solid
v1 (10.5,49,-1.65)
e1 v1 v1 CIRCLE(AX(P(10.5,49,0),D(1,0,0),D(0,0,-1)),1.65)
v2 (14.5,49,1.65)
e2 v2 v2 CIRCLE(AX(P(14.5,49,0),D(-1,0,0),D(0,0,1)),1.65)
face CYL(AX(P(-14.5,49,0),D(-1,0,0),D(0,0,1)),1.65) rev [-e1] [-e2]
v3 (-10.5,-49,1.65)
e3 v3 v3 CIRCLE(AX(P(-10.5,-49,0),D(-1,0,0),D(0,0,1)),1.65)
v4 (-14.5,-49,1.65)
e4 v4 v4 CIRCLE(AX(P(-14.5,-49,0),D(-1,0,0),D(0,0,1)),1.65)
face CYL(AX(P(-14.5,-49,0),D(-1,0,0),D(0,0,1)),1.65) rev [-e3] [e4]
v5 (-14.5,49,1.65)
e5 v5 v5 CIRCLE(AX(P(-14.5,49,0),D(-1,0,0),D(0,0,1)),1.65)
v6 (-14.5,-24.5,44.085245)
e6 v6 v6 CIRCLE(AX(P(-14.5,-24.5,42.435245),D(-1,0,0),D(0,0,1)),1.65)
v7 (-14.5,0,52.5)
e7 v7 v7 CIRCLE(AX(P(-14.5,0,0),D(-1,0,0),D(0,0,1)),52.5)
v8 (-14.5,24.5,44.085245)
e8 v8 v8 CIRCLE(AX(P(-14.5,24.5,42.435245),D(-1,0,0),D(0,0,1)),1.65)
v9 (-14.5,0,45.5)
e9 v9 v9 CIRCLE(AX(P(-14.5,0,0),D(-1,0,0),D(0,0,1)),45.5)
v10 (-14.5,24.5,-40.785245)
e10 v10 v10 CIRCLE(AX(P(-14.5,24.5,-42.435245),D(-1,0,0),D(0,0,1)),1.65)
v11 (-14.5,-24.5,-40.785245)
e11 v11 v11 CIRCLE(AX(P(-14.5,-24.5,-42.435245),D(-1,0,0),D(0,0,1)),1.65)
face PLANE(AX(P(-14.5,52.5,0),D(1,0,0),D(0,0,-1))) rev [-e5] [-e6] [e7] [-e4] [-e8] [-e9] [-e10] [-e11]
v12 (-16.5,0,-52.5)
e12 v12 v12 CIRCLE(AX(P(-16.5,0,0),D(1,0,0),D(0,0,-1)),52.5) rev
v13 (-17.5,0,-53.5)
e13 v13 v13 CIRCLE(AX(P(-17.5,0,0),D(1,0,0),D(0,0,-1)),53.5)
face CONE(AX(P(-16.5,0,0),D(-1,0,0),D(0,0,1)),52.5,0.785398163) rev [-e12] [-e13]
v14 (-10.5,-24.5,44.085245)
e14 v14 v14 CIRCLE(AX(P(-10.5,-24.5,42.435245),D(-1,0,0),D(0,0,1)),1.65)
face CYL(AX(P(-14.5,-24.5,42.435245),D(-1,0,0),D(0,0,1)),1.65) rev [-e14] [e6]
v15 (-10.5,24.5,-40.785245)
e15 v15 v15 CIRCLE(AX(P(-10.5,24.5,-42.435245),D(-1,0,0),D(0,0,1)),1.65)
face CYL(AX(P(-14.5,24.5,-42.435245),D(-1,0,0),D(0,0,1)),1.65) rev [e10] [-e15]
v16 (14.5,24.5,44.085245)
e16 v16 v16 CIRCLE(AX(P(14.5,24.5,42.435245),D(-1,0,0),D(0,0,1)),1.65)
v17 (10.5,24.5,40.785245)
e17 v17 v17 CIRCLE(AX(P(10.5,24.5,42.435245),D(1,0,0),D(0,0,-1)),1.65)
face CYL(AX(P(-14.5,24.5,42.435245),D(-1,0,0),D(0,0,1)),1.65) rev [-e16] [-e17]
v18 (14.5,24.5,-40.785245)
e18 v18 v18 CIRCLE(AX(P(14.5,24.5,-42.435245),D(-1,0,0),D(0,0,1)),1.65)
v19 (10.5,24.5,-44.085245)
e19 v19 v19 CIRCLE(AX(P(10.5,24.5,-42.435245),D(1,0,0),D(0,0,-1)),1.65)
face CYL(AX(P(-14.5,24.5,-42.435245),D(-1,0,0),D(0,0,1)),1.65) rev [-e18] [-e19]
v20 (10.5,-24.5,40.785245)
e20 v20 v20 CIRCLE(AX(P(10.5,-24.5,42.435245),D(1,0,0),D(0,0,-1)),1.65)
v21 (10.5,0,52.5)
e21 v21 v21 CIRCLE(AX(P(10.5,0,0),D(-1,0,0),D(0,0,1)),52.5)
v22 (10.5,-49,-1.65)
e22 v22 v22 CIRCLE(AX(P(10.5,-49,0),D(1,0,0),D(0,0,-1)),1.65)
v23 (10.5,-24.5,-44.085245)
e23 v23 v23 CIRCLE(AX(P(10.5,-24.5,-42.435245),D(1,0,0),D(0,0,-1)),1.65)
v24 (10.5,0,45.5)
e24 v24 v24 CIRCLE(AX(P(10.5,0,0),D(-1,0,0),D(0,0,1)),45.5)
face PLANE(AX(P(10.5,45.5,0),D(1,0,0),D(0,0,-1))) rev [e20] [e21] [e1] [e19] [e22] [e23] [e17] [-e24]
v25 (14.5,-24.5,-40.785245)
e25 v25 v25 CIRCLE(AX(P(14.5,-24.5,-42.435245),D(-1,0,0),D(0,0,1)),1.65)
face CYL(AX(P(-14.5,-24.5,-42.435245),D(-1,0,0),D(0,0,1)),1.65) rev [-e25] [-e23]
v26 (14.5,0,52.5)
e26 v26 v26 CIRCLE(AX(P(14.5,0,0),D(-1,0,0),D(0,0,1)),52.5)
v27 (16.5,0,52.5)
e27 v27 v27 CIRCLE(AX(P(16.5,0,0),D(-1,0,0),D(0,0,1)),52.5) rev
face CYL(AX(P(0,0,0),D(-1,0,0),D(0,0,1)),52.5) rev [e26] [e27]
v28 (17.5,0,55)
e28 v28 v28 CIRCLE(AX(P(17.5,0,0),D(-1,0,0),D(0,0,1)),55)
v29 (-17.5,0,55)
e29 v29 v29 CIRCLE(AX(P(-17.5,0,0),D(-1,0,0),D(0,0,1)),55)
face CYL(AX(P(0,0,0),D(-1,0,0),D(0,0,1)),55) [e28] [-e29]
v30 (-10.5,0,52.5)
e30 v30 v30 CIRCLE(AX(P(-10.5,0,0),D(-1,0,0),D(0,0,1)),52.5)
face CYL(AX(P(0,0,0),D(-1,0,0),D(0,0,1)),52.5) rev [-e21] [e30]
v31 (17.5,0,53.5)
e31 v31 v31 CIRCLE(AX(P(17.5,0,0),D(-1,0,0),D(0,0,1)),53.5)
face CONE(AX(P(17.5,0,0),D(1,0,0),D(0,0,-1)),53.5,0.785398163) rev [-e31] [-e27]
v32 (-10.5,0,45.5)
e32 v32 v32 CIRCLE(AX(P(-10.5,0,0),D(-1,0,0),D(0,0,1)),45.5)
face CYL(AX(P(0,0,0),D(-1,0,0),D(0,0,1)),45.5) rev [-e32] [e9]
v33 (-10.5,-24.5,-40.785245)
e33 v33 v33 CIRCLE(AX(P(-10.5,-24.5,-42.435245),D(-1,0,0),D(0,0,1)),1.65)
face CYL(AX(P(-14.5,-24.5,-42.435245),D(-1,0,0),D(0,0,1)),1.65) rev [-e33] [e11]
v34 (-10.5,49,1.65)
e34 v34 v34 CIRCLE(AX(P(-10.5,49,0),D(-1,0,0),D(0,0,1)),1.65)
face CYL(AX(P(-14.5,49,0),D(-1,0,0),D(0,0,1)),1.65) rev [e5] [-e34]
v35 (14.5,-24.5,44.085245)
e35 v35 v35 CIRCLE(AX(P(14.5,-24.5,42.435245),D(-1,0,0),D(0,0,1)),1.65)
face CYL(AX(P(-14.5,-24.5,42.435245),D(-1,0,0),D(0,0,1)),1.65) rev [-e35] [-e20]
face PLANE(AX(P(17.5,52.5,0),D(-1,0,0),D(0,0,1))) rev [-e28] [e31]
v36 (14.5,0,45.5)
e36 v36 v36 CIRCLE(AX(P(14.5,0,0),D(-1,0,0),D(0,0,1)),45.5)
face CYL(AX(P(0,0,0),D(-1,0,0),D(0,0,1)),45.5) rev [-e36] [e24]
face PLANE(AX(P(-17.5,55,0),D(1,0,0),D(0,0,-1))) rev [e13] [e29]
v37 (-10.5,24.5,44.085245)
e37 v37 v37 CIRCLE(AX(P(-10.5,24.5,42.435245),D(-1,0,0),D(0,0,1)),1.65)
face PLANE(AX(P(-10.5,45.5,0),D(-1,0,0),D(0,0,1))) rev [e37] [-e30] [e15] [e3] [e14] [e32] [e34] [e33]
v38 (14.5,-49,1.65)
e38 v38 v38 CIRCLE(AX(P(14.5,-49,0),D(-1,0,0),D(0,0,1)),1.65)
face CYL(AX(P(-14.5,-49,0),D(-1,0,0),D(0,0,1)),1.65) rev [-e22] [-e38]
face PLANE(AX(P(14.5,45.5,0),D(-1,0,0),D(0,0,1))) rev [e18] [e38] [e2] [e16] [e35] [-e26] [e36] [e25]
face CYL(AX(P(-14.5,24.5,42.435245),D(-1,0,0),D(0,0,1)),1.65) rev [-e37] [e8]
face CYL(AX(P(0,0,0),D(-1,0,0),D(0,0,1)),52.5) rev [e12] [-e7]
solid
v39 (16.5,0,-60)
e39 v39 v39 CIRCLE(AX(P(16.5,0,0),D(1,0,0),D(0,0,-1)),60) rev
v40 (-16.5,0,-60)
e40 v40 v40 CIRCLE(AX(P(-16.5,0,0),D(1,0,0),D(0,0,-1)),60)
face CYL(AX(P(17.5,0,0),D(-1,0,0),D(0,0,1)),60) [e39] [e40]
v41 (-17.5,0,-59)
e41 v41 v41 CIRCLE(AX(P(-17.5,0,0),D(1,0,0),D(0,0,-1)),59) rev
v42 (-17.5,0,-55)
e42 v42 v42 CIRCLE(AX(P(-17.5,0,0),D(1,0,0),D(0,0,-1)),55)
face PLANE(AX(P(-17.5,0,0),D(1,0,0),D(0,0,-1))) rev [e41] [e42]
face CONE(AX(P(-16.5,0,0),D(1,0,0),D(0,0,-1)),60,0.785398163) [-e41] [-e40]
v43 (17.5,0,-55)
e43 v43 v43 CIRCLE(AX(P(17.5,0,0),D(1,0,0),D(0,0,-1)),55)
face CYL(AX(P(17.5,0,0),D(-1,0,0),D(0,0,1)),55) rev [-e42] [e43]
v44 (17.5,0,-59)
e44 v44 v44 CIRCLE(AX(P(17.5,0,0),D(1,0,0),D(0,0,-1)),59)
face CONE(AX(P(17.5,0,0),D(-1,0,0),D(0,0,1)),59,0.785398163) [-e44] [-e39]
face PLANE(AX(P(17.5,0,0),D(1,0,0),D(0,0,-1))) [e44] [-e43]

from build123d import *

# Parameters (mm, degrees)
SKETCH_1_R                  = 60
SKETCH_1_R_2                = 55
EXTRUDE_1_DEPTH             = 17.5
SKETCH_5_W                  = 1.65
SKETCH_5_H                  = 32
HOLE_WIZARD_M4_1_AT_2_COUNT = 2
HOLE_WIZARD_M4_1_AT_2_PITCH = 49
HOLE_WIZARD_M4_1_AT_3_COUNT = 2
HOLE_WIZARD_M4_1_AT_3_PITCH = 84.870489571
HOLE_WIZARD_M4_1_AT_4_COUNT = 2
HOLE_WIZARD_M4_1_AT_4_PITCH = 98
HOLE_WIZARD_M4_1_AT_5_COUNT = 2
HOLE_WIZARD_M4_1_AT_5_PITCH = 84.870489571
HOLE_WIZARD_M4_1_AT_6_COUNT = 2
HOLE_WIZARD_M4_1_AT_6_PITCH = 49
CHAMFER_1_SIZE              = 1
CHAMFER_2_SIZE              = 1


with BuildPart() as part:
    # 草图1 → 凸台-拉伸1 (new, symmetric)
    with BuildSketch(Plane(origin=(0, 0, 0), x_dir=(0, 0, -1), z_dir=(1, 0, 0))):
        Circle(SKETCH_1_R)
        Circle(SKETCH_1_R_2, mode=Mode.SUBTRACT)
    extrude(amount=EXTRUDE_1_DEPTH, both=True)

    # 倒角1
    chamfer_1_edges = [part.edges().sort_by_distance(p)[0] for p in [
        (-17.5, 0, 60),
        (17.5, 0, 60),
    ]]
    chamfer(chamfer_1_edges, length=CHAMFER_1_SIZE)


with BuildPart() as body_2:
    # 草图2 → 旋转1 (revolve)
    with BuildSketch(Plane.XY, mode=Mode.PRIVATE) as revolve_1_sk:
        Polygon((17.5, 55), (-17.5, 55), (-17.5, 52.5), (-14.5, 52.5), (-14.5, 45.5), (-10.5, 45.5), (-10.5, 52.5), (10.5, 52.5), (10.5, 45.5), (14.5, 45.5), (14.5, 52.5), (17.5, 52.5), align=None)
    revolve(revolve_1_sk.sketch.rotate(Axis((0, 0, 0), (1, 0, 0)), 90), axis=Axis((0, 0, 0), (1, 0, 0)))

    # 草图5 → M4 螺纹孔1 (revolve, cut)
    with BuildSketch(Plane(origin=(-14.5, 49, 0), x_dir=(0, 0, 1), z_dir=(0, 1, 0))):
        with Locations((0.825, 16)):
            Rectangle(SKETCH_5_W, SKETCH_5_H)
    hole_wizard_m4_1 = revolve(axis=Axis((-20.85, 49, 0), (1, 0, 0)), mode=Mode.SUBTRACT)

    # M4 螺纹孔1 at 2: M4 螺纹孔1 ×2
    with Locations(*[Vector(0, -0.49999999999999994, 0.8660254037844387) * (i * HOLE_WIZARD_M4_1_AT_2_PITCH) for i in range(1, HOLE_WIZARD_M4_1_AT_2_COUNT)]):
        add(hole_wizard_m4_1, mode=Mode.SUBTRACT)

    # M4 螺纹孔1 at 3: M4 螺纹孔1 ×2
    with Locations(*[Vector(0, -0.8660254037844386, 0.5000000000000001) * (i * HOLE_WIZARD_M4_1_AT_3_PITCH) for i in range(1, HOLE_WIZARD_M4_1_AT_3_COUNT)]):
        add(hole_wizard_m4_1, mode=Mode.SUBTRACT)

    # M4 螺纹孔1 at 4: M4 螺纹孔1 ×2
    with Locations(*[(0, -i * HOLE_WIZARD_M4_1_AT_4_PITCH, 0) for i in range(1, HOLE_WIZARD_M4_1_AT_4_COUNT)]):
        add(hole_wizard_m4_1, mode=Mode.SUBTRACT)

    # M4 螺纹孔1 at 5: M4 螺纹孔1 ×2
    with Locations(*[Vector(0, -0.8660254037844387, -0.49999999999999983) * (i * HOLE_WIZARD_M4_1_AT_5_PITCH) for i in range(1, HOLE_WIZARD_M4_1_AT_5_COUNT)]):
        add(hole_wizard_m4_1, mode=Mode.SUBTRACT)

    # M4 螺纹孔1 at 6: M4 螺纹孔1 ×2
    with Locations(*[Vector(0, -0.49999999999999994, -0.8660254037844387) * (i * HOLE_WIZARD_M4_1_AT_6_PITCH) for i in range(1, HOLE_WIZARD_M4_1_AT_6_COUNT)]):
        add(hole_wizard_m4_1, mode=Mode.SUBTRACT)

    # 倒角2
    chamfer_2_edges = [body_2.edges().sort_by_distance(p)[0] for p in [
        (-17.5, 0, -52.5),
        (17.5, 0, -52.5),
    ]]
    chamfer(chamfer_2_edges, length=CHAMFER_2_SIZE)


solid = Compound([part.part, body_2.part])
